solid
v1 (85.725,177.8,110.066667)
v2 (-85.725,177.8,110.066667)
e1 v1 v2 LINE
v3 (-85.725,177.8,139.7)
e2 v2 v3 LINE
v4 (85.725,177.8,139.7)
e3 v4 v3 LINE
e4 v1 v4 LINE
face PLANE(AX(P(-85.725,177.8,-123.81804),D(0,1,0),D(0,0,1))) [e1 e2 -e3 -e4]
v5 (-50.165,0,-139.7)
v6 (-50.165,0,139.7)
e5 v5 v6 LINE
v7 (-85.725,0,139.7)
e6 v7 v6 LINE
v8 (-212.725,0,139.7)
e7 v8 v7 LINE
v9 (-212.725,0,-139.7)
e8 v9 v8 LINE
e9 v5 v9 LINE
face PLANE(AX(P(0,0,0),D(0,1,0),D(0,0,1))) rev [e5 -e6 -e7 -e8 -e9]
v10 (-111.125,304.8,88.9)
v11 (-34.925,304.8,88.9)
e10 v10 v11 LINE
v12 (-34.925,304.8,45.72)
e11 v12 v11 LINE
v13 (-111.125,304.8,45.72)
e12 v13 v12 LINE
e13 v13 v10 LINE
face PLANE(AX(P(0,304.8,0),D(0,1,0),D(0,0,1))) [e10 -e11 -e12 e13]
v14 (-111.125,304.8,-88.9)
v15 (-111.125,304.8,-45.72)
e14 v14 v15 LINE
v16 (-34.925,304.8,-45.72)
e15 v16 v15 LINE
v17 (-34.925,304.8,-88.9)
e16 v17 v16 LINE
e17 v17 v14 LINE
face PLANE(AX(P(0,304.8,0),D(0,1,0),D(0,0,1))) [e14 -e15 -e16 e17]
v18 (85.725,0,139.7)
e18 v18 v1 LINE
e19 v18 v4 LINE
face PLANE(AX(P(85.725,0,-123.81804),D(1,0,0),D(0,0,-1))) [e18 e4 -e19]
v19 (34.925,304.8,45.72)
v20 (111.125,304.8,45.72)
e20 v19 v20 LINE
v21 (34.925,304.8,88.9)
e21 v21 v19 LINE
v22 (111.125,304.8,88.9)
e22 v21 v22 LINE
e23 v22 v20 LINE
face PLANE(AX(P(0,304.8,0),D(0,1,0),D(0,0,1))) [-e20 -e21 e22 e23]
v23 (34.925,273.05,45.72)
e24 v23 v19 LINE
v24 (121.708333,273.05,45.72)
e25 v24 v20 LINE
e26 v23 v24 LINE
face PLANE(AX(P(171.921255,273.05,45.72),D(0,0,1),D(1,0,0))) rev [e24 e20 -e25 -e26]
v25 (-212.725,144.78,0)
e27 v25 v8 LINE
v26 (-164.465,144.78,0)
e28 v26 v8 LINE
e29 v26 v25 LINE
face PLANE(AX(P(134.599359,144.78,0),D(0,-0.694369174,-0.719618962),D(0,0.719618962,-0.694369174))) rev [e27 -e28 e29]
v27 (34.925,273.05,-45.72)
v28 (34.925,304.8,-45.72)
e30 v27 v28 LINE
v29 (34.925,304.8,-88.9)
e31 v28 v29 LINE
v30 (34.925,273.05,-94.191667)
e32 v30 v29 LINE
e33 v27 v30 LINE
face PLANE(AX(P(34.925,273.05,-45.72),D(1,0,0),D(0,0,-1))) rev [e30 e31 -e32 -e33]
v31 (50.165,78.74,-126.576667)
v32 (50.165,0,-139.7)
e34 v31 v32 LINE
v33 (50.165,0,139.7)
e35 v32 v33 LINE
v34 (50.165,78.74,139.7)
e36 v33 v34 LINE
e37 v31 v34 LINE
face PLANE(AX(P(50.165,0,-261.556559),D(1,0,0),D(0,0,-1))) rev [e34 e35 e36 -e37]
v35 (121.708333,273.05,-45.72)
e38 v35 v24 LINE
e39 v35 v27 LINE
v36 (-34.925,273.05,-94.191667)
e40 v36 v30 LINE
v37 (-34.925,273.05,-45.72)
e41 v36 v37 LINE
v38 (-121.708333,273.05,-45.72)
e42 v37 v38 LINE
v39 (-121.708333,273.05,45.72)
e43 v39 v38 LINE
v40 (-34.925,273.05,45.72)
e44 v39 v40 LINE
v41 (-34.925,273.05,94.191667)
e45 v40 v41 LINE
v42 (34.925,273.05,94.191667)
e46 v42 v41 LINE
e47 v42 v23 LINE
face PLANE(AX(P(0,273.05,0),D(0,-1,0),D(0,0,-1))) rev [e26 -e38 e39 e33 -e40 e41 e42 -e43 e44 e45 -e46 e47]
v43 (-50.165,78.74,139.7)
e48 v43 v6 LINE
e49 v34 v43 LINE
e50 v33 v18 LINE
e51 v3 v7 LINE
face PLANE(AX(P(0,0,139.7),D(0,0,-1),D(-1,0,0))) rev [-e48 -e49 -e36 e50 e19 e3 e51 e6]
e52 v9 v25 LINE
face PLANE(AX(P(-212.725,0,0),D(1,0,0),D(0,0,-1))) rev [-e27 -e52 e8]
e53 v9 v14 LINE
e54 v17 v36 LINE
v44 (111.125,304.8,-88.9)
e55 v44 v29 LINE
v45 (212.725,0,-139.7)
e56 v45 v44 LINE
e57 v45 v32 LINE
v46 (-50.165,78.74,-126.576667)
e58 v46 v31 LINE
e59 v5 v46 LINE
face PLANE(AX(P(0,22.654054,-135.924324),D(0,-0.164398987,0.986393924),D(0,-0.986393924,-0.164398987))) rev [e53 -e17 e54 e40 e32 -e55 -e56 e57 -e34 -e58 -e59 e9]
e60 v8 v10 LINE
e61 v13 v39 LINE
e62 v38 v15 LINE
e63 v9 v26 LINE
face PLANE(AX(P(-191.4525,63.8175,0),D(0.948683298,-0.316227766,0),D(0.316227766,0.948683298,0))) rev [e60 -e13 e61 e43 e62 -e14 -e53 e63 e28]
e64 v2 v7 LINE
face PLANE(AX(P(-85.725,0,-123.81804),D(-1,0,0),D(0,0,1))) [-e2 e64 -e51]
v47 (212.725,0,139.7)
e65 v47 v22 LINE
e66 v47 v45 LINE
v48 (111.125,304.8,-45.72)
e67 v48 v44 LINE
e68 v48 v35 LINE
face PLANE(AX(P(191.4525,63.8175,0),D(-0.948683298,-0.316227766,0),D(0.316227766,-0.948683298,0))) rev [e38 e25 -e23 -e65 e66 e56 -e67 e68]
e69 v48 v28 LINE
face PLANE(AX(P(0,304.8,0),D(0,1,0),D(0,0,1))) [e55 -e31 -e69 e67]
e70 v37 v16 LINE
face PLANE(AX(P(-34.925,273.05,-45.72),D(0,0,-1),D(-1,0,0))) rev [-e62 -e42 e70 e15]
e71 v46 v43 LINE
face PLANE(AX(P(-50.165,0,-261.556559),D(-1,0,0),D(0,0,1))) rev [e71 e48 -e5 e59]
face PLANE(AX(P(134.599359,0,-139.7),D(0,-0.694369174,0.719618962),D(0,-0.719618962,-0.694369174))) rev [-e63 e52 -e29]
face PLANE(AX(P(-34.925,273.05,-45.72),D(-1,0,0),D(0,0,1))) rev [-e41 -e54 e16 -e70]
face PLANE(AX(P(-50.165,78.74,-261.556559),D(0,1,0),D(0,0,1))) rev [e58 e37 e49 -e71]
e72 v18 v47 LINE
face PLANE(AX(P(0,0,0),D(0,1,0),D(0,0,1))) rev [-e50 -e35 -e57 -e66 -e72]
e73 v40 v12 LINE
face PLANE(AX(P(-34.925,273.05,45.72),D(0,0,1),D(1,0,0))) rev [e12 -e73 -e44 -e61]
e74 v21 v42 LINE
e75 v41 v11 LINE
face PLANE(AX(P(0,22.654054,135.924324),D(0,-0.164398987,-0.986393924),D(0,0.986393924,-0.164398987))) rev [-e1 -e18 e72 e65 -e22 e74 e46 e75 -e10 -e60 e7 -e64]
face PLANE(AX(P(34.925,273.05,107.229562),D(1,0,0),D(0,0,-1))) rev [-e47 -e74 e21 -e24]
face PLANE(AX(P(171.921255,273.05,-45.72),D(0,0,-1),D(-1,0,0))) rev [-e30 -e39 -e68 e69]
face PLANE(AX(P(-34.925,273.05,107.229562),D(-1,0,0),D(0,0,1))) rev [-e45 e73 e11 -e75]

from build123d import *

# Parameters (mm, degrees)
CORTAR_EXTRUIR3_DEPTH   = 31.75
SALIENTE_EXTRUIR1_DEPTH = 48.26
SALIENTE_EXTRUIR2_START = -29.633333
CROQUIS7_W              = 171.45
CROQUIS7_H              = 177.8
SALIENTE_EXTRUIR2_DEPTH = 29.633333
CORTAR_EXTRUIR4_REACH   = 466.994
CROQUIS8_W              = 100.33
CROQUIS8_H              = 78.74


with BuildPart() as part:
    # Croquis2 → Recubrir1 section 0
    with BuildSketch(Plane(origin=(0, 0, 0), x_dir=(1, 0, 0), z_dir=(0, 1, 0))):
        with BuildLine():
            Line((212.725, -139.7), (-212.725, -139.7))
            Line((-212.725, -139.7), (-212.725, 139.7))
            Line((-212.725, 139.7), (212.725, 139.7))
            Line((212.725, 139.7), (212.725, -139.7))
        make_face()
    # Croquis3 → Recubrir1 section 1
    with BuildSketch(Plane(origin=(0, 304.8, 0), x_dir=(1, 0, 0), z_dir=(0, 1, 0))):
        with BuildLine():
            Line((111.125, -88.9), (-111.125, -88.9))
            Line((-111.125, -88.9), (-111.125, 88.9))
            Line((-111.125, 88.9), (111.125, 88.9))
            Line((111.125, 88.9), (111.125, -88.9))
        make_face()
    loft()

    # Croquis5 → Cortar-Extruir3 (cut)
    with BuildSketch(Plane(origin=(0, 304.8, 0), x_dir=(1, 0, 0), z_dir=(0, 1, 0))):
        Polygon((171.921254814, -45.72), (34.925, -45.72), (34.925, -107.229562049), (-34.925, -107.229562049), (-34.925, -45.72), (-171.921254814, -45.72), (-171.921254814, 45.72), (-34.925, 45.72), (-34.925, 107.229562049), (34.925, 107.229562049), (34.925, 45.72), (171.921254814, 45.72), align=None)
    extrude(amount=-CORTAR_EXTRUIR3_DEPTH, mode=Mode.SUBTRACT)

    # Croquis6 → Saliente-Extruir1 (add)
    with BuildSketch(Plane(origin=(-212.725, 0, 0), x_dir=(0, 0, -1), z_dir=(1, 0, 0))):
        Polygon((139.7, 0), (0, 144.78), (-139.7, 0), align=None)
    extrude(amount=SALIENTE_EXTRUIR1_DEPTH)

    # Croquis7 → Saliente-Extruir2 (add)
    with BuildSketch(Plane.XY.offset(139.7).offset(SALIENTE_EXTRUIR2_START)):
        with Locations((0, 88.9)):
            Rectangle(CROQUIS7_W, CROQUIS7_H)
    extrude(amount=SALIENTE_EXTRUIR2_DEPTH)

    # Cortar-Extruir4: up to this plane
    cortar_extruir4_end = Plane(origin=(0, 22.654054054, -135.924324324), z_dir=(0, -0.16439898730535737, 0.9863939238321437))
    # Croquis8 → Cortar-Extruir4 (cut, up to the surface)
    with BuildSketch(Plane.XY.offset(139.7), mode=Mode.PRIVATE) as cortar_extruir4_sk1:
        with Locations((0, 39.37)):
            Rectangle(CROQUIS8_W, CROQUIS8_H)
    cortar_extruir4_tool1 = split(extrude(cortar_extruir4_sk1.sketch, amount=-CORTAR_EXTRUIR4_REACH, mode=Mode.PRIVATE), bisect_by=cortar_extruir4_end, keep=Keep.BOTH, mode=Mode.PRIVATE)
    add(cortar_extruir4_tool1.solids().sort_by_distance((0, 39.37, 139.7))[0], mode=Mode.SUBTRACT)


solid = part.part
